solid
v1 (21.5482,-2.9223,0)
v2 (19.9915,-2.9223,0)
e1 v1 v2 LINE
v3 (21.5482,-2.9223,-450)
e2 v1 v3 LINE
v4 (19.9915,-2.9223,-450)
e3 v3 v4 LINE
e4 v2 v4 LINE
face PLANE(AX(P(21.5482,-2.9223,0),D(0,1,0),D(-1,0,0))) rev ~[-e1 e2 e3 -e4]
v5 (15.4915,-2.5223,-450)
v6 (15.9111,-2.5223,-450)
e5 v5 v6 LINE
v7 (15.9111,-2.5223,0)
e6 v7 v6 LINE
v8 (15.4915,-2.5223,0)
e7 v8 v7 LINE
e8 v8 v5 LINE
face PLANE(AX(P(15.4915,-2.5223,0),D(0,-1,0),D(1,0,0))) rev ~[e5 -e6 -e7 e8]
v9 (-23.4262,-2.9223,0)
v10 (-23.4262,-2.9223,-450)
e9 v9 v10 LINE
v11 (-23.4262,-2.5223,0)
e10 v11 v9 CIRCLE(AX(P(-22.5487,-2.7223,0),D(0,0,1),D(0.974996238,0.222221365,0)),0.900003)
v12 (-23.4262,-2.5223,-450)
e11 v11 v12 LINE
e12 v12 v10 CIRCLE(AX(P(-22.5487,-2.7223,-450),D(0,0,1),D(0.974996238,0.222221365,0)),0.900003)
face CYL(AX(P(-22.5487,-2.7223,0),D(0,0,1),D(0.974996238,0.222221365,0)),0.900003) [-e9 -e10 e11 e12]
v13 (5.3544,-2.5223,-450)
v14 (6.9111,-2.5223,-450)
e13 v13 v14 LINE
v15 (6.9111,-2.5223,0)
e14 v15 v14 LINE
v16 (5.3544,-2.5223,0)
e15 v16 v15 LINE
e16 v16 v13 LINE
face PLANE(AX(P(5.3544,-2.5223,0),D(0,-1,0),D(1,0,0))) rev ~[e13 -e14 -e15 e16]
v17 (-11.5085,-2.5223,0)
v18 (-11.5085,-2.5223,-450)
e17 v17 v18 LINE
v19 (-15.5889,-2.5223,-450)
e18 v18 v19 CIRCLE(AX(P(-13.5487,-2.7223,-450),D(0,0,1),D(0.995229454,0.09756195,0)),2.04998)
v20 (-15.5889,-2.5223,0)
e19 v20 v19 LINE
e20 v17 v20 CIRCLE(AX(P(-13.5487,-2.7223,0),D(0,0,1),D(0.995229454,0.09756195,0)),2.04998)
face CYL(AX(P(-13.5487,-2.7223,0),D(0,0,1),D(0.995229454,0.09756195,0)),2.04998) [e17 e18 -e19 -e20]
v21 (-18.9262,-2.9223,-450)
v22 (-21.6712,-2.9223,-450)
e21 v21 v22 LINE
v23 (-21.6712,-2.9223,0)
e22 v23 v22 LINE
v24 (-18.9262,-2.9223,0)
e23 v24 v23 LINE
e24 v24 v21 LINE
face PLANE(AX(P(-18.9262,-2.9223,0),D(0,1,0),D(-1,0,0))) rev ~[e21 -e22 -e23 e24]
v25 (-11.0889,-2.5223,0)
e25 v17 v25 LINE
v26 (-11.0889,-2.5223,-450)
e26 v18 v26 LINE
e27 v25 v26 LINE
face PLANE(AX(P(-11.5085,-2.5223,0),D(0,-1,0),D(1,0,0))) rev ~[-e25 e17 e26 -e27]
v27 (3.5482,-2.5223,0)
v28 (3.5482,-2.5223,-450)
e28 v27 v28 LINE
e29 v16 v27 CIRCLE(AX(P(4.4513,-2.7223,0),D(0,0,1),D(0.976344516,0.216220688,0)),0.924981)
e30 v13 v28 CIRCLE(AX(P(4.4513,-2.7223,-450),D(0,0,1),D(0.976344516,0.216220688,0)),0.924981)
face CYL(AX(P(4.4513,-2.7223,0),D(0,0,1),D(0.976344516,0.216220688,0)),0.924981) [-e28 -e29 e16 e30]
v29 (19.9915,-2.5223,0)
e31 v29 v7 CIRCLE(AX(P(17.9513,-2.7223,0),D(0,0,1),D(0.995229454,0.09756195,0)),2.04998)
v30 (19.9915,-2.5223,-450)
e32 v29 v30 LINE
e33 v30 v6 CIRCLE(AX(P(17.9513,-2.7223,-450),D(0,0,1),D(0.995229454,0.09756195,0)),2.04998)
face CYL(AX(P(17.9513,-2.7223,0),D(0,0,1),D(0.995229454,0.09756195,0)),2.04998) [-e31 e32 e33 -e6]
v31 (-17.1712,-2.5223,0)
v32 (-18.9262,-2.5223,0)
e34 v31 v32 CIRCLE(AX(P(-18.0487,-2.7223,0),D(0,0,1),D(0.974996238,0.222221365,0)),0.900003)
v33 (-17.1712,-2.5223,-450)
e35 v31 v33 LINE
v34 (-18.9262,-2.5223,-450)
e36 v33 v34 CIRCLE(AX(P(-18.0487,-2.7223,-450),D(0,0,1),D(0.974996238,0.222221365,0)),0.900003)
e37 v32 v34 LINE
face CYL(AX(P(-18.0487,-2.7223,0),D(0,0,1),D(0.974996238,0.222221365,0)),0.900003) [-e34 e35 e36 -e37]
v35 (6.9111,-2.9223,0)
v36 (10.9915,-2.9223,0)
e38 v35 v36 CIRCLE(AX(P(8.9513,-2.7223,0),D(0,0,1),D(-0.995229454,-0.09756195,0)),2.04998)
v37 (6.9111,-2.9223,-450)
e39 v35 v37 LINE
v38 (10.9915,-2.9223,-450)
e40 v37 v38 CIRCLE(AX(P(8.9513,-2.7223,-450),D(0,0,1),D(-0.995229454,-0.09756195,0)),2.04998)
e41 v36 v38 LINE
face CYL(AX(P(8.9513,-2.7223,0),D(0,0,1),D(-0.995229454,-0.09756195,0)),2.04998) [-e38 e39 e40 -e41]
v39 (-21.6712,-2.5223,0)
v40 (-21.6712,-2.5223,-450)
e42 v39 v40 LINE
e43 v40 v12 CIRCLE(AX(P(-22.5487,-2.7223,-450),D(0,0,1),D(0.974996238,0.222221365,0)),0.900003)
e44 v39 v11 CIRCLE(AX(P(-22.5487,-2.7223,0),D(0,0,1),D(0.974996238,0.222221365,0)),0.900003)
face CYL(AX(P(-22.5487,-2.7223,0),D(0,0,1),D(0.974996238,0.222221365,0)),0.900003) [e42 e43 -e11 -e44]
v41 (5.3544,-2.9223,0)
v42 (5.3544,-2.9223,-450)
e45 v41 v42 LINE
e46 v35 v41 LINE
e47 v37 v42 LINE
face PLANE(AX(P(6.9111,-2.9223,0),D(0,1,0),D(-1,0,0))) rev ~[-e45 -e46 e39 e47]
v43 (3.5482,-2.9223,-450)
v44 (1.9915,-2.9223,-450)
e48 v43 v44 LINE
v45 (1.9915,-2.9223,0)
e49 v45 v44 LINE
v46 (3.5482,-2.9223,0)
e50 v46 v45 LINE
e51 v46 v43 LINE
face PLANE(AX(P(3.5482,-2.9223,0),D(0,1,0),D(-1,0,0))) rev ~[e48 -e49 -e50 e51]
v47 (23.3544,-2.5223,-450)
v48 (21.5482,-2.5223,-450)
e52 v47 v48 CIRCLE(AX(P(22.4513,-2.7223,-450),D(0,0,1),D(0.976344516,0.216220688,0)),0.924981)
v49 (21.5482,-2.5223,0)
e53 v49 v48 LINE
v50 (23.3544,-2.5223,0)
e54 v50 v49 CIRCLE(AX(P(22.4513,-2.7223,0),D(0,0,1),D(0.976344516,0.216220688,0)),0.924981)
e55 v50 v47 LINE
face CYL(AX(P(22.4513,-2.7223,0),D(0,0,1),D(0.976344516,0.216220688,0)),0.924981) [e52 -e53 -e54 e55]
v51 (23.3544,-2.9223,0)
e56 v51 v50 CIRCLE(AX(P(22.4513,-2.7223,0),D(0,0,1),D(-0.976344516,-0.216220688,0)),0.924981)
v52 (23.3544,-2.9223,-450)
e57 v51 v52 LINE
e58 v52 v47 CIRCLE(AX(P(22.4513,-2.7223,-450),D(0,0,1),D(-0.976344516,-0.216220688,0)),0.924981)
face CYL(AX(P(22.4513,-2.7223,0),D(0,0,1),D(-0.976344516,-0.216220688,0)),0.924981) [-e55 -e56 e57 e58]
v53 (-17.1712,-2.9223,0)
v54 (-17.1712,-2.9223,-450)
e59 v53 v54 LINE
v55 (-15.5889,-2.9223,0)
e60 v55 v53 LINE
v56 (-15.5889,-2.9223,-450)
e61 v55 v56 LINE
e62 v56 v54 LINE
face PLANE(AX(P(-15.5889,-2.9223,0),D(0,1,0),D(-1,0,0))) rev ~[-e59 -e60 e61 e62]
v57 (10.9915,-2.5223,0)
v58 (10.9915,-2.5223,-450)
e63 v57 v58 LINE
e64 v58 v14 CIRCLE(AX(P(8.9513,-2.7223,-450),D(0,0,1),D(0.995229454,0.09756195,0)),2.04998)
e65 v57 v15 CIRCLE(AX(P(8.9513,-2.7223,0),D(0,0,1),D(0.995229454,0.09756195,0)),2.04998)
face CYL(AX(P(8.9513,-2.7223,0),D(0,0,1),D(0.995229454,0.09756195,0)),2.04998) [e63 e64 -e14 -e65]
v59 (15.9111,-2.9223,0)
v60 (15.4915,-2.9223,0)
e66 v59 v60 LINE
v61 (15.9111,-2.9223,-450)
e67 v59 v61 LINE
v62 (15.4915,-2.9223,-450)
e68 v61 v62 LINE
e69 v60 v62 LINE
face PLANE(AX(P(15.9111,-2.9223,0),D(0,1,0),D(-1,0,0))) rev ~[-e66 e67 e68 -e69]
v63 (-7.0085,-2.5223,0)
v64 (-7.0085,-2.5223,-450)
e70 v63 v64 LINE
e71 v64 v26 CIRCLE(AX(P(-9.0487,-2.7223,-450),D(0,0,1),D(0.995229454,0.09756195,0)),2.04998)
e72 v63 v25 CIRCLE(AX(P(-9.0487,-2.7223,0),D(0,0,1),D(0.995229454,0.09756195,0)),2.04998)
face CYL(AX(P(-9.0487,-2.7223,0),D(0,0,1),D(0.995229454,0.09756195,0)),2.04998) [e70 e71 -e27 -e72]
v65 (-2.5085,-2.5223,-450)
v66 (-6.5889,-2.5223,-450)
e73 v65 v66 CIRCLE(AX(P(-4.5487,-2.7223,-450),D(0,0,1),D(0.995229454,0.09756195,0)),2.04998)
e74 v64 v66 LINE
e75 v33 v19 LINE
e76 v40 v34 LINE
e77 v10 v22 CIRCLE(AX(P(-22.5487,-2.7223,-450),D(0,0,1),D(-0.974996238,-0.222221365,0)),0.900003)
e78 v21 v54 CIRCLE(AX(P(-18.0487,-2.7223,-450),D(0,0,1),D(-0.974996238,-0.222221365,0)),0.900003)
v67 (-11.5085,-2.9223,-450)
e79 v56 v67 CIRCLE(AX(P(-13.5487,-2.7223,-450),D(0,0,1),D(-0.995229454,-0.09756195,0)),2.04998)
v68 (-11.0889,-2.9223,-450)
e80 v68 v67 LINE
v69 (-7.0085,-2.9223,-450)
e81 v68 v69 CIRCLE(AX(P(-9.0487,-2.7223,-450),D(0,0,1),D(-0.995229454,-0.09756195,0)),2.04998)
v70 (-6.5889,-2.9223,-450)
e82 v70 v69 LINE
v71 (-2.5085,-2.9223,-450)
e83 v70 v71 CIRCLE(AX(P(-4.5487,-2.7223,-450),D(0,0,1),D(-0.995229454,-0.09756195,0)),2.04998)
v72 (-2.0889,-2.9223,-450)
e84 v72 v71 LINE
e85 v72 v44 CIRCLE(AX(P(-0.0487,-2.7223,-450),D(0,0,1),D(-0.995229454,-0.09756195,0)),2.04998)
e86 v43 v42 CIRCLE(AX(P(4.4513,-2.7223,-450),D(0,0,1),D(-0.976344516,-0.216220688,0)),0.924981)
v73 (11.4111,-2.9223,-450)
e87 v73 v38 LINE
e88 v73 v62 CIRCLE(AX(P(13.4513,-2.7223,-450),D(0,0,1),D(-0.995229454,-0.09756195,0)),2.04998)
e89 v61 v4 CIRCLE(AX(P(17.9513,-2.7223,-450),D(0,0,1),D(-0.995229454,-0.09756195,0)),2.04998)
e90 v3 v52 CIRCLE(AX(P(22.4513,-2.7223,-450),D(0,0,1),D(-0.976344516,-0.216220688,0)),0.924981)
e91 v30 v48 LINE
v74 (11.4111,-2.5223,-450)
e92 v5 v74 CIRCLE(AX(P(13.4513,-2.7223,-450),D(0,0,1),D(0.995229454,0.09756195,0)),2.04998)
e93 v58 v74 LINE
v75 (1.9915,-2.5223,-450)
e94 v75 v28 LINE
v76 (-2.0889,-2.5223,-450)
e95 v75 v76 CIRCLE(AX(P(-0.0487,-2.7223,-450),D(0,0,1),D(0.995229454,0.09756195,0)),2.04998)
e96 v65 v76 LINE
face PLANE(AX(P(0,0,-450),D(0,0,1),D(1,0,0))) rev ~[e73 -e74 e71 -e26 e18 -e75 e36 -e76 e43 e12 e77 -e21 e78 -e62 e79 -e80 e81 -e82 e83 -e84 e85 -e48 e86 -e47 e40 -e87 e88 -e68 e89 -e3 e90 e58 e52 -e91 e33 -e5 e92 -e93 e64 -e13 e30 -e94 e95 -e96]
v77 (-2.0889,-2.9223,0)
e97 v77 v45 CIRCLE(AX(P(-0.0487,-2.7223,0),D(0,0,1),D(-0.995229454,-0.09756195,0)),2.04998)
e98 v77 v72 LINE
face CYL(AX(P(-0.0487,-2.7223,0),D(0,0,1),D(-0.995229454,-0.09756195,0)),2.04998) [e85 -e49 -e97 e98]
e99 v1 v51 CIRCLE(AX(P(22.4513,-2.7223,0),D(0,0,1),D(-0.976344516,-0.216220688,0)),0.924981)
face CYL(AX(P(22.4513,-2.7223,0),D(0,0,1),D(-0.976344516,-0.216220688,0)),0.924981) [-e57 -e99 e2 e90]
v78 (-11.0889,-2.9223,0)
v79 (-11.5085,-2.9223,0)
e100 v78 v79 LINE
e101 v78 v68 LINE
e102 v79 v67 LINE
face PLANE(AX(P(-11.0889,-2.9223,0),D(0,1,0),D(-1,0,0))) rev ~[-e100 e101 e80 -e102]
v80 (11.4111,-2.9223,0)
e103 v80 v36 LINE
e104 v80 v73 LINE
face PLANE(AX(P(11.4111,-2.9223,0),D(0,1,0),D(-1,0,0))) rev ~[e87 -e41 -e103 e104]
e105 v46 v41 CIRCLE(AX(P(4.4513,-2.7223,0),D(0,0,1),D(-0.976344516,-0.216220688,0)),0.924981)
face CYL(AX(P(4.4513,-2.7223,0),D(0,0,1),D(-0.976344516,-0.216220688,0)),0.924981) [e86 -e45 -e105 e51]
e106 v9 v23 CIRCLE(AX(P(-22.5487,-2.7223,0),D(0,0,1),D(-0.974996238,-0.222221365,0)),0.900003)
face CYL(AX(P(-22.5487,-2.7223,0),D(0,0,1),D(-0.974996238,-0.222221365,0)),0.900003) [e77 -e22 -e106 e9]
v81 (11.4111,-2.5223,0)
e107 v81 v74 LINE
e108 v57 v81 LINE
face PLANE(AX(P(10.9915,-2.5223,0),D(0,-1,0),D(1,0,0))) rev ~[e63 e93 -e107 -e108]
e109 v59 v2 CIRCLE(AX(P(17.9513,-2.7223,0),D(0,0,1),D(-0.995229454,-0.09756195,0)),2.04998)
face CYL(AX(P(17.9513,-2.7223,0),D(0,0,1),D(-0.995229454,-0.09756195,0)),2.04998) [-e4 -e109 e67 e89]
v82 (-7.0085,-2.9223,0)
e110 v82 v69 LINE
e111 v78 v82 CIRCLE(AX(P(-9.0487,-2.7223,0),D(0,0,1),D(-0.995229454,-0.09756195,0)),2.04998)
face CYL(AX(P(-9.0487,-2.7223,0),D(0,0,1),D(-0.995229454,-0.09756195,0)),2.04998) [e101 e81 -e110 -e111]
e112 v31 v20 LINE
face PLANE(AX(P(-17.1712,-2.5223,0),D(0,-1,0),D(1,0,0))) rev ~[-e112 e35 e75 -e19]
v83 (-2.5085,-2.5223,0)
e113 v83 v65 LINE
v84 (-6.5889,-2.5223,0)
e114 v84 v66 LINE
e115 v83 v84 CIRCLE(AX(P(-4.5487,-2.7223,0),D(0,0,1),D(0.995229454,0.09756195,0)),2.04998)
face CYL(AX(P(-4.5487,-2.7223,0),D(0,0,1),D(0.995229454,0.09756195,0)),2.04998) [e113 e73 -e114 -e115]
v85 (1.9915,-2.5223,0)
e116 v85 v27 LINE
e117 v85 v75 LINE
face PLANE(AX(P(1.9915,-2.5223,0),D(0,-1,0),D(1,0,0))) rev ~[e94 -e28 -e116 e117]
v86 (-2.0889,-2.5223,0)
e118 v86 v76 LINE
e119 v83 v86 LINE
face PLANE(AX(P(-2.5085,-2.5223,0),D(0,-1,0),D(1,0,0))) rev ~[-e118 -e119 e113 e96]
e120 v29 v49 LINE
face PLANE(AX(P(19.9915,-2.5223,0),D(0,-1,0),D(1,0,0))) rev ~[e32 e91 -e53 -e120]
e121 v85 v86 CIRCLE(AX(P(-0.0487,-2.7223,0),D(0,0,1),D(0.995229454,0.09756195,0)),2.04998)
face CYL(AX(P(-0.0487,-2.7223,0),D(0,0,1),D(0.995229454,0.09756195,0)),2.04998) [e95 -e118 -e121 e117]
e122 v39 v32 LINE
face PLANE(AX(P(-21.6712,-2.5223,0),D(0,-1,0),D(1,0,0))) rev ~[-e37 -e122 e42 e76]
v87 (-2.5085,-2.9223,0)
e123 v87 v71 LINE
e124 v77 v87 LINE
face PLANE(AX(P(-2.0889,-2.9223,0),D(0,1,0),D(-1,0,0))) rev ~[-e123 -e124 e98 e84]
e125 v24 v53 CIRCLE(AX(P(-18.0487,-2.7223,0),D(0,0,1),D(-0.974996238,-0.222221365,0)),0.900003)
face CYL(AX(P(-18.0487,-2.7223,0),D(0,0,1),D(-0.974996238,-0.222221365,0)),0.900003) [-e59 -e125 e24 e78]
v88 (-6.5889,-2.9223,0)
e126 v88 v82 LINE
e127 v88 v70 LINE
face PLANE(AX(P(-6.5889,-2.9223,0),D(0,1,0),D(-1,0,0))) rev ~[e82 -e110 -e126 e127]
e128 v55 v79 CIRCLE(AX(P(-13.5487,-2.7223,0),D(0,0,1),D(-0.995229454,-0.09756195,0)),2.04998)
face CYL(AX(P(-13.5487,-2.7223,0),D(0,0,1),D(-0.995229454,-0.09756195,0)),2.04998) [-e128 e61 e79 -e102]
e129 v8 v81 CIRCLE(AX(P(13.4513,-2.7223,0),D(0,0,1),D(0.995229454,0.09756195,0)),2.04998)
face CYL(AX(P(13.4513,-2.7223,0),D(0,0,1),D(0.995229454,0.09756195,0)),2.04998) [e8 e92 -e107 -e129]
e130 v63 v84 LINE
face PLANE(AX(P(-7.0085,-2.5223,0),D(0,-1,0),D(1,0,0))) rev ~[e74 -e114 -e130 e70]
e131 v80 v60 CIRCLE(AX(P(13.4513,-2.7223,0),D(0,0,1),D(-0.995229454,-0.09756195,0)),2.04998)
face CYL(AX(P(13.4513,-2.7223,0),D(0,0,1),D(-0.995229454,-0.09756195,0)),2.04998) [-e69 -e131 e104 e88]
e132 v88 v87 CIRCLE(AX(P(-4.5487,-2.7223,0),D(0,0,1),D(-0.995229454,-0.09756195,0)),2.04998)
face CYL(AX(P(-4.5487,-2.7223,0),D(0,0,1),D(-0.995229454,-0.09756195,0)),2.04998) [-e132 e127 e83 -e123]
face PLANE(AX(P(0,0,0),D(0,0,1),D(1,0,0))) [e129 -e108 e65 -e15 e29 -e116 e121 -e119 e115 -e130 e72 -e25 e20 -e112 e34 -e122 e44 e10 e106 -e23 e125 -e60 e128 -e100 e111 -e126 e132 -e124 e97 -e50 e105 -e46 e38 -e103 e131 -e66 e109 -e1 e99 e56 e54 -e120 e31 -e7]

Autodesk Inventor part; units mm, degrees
ref_plane "YZ Plane" through (0, 0, 0) normal (1, 0, 0) x (0, 1, 0)
ref_plane "XZ Plane" through (0, 0, 0) normal (0, 1, 0) x (-1, 0, 0)
sketch "Sketch1" plane through (0, 0, 0) normal (0, 0, 1) x (1, 0, 0)
  line L0 (21.5482, -2.9223) -> (19.9915, -2.9223) projected
  arc A0 (15.9111, -2.9223) -> (19.9915, -2.9223) centre (17.9513, -2.7223) ccw projected
  line L1 (15.9111, -2.9223) -> (15.4915, -2.9223) projected
  arc A1 (11.4111, -2.9223) -> (15.4915, -2.9223) centre (13.4513, -2.7223) ccw projected
  line L2 (11.4111, -2.9223) -> (10.9915, -2.9223) projected
  arc A2 (6.9111, -2.9223) -> (10.9915, -2.9223) centre (8.9513, -2.7223) ccw projected
  line L3 (6.9111, -2.9223) -> (5.3544, -2.9223) projected
  arc A3 (3.5482, -2.9223) -> (5.3544, -2.9223) centre (4.4513, -2.7223) ccw projected
  line L4 (3.5482, -2.9223) -> (1.9915, -2.9223) projected
  arc A4 (-2.0889, -2.9223) -> (1.9915, -2.9223) centre (-0.0487, -2.7223) ccw projected
  line L5 (-2.0889, -2.9223) -> (-2.5085, -2.9223) projected
  arc A5 (-6.5889, -2.9223) -> (-2.5085, -2.9223) centre (-4.5487, -2.7223) ccw projected
  line L6 (-6.5889, -2.9223) -> (-7.0085, -2.9223) projected
  arc A6 (-11.0889, -2.9223) -> (-7.0085, -2.9223) centre (-9.0487, -2.7223) ccw projected
  line L7 (-11.0889, -2.9223) -> (-11.5085, -2.9223) projected
  arc A7 (-15.5889, -2.9223) -> (-11.5085, -2.9223) centre (-13.5487, -2.7223) ccw projected
  line L8 (-15.5889, -2.9223) -> (-17.1712, -2.9223) projected
  arc A8 (-18.9262, -2.9223) -> (-17.1712, -2.9223) centre (-18.0487, -2.7223) ccw projected
  line L9 (-18.9262, -2.9223) -> (-21.6712, -2.9223) projected
  arc A9 (-23.4262, -2.9223) -> (-21.6712, -2.9223) centre (-22.5487, -2.7223) ccw projected
  line L10 (-23.4262, -2.9223) -> (-29.4262, -2.9223) projected
  line L11 (-29.4262, -2.9223) -> (-29.4262, -2.7223) projected
  line L12 (-29.4262, -2.7223) -> (-35.4262, -2.7223) projected
  line L13 (-35.4262, -2.7223) -> (-35.4262, -7.7223) projected
  line L14 (-35.4262, -7.7223) -> (35.3544, -7.7223) projected
  line L15 (35.3544, -7.7223) -> (35.3544, -2.7223) projected
  line L16 (35.3544, -2.7223) -> (29.3544, -2.7223) projected
  line L17 (29.3544, -2.7223) -> (29.3544, -2.9223) projected
  line L18 (29.3544, -2.9223) -> (23.3544, -2.9223) projected
  arc A10 (21.5482, -2.9223) -> (23.3544, -2.9223) centre (22.4513, -2.7223) ccw projected
  line L19 (19.9915, -2.5223) -> (21.5482, -2.5223) projected
  arc A11 (23.3544, -2.5223) -> (21.5482, -2.5223) centre (22.4513, -2.7223) ccw projected
  line L20 (23.3544, -2.5223) -> (29.3544, -2.5223) projected
  line L21 (29.3544, -2.5223) -> (29.3544, -2.7223) projected
  line L22 (29.3544, -2.7223) -> (35.3544, -2.7223) projected
  line L23 (35.3544, -2.7223) -> (35.3544, 2.2777) projected
  line L24 (35.3544, 2.2777) -> (-35.4262, 2.2777) projected
  line L25 (-35.4262, 2.2777) -> (-35.4262, -2.7223) projected
  line L26 (-35.4262, -2.7223) -> (-29.4262, -2.7223) projected
  line L27 (-29.4262, -2.7223) -> (-29.4262, -2.5223) projected
  line L28 (-29.4262, -2.5223) -> (-23.4262, -2.5223) projected
  arc A12 (-21.6712, -2.5223) -> (-23.4262, -2.5223) centre (-22.5487, -2.7223) ccw projected
  line L29 (-21.6712, -2.5223) -> (-18.9262, -2.5223) projected
  arc A13 (-17.1712, -2.5223) -> (-18.9262, -2.5223) centre (-18.0487, -2.7223) ccw projected
  line L30 (-17.1712, -2.5223) -> (-15.5889, -2.5223) projected
  arc A14 (-11.5085, -2.5223) -> (-15.5889, -2.5223) centre (-13.5487, -2.7223) ccw projected
  line L31 (-11.5085, -2.5223) -> (-11.0889, -2.5223) projected
  arc A15 (-7.0085, -2.5223) -> (-11.0889, -2.5223) centre (-9.0487, -2.7223) ccw projected
  line L32 (-7.0085, -2.5223) -> (-6.5889, -2.5223) projected
  arc A16 (-2.5085, -2.5223) -> (-6.5889, -2.5223) centre (-4.5487, -2.7223) ccw projected
  line L33 (-2.5085, -2.5223) -> (-2.0889, -2.5223) projected
  arc A17 (1.9915, -2.5223) -> (-2.0889, -2.5223) centre (-0.0487, -2.7223) ccw projected
  line L34 (1.9915, -2.5223) -> (3.5482, -2.5223) projected
  arc A18 (5.3544, -2.5223) -> (3.5482, -2.5223) centre (4.4513, -2.7223) ccw projected
  line L35 (5.3544, -2.5223) -> (6.9111, -2.5223) projected
  arc A19 (10.9915, -2.5223) -> (6.9111, -2.5223) centre (8.9513, -2.7223) ccw projected
  line L36 (10.9915, -2.5223) -> (11.4111, -2.5223) projected
  arc A20 (15.4915, -2.5223) -> (11.4111, -2.5223) centre (13.4513, -2.7223) ccw projected
  line L37 (15.4915, -2.5223) -> (15.9111, -2.5223) projected
  arc A21 (19.9915, -2.5223) -> (15.9111, -2.5223) centre (17.9513, -2.7223) ccw projected
  arc A22 (21.5482, -2.9223) -> (21.5482, -2.5223) centre (22.4513, -2.7223) ccw
  arc A23 (-21.6712, -2.5223) -> (-21.6712, -2.9223) centre (-22.5487, -2.7223) ccw
  point P0 (0, 0)
ref_plane "Work Plane1" through (-35.4262, -2.7223, -450) normal (0, 0, -1) x (0, 1, 0)
extrude "Extrusion1" add sketch "Sketch1" against normal up to surface (450 mm away) contours L0 A0 L1 A1 L2 A2 L3 A3 L4 A4 L5 A5 L6 A6 L7 A7 L8 A8 L9 A9 A23 A12 L29 A13 L30 A14 L31 A15 L32 A16 L33 A17 L34 A18 L35 A19 L36 A20 L37 A21 L19 A11 A22 A10
properties part number "3d_LM - Top Wire - Phantom"
